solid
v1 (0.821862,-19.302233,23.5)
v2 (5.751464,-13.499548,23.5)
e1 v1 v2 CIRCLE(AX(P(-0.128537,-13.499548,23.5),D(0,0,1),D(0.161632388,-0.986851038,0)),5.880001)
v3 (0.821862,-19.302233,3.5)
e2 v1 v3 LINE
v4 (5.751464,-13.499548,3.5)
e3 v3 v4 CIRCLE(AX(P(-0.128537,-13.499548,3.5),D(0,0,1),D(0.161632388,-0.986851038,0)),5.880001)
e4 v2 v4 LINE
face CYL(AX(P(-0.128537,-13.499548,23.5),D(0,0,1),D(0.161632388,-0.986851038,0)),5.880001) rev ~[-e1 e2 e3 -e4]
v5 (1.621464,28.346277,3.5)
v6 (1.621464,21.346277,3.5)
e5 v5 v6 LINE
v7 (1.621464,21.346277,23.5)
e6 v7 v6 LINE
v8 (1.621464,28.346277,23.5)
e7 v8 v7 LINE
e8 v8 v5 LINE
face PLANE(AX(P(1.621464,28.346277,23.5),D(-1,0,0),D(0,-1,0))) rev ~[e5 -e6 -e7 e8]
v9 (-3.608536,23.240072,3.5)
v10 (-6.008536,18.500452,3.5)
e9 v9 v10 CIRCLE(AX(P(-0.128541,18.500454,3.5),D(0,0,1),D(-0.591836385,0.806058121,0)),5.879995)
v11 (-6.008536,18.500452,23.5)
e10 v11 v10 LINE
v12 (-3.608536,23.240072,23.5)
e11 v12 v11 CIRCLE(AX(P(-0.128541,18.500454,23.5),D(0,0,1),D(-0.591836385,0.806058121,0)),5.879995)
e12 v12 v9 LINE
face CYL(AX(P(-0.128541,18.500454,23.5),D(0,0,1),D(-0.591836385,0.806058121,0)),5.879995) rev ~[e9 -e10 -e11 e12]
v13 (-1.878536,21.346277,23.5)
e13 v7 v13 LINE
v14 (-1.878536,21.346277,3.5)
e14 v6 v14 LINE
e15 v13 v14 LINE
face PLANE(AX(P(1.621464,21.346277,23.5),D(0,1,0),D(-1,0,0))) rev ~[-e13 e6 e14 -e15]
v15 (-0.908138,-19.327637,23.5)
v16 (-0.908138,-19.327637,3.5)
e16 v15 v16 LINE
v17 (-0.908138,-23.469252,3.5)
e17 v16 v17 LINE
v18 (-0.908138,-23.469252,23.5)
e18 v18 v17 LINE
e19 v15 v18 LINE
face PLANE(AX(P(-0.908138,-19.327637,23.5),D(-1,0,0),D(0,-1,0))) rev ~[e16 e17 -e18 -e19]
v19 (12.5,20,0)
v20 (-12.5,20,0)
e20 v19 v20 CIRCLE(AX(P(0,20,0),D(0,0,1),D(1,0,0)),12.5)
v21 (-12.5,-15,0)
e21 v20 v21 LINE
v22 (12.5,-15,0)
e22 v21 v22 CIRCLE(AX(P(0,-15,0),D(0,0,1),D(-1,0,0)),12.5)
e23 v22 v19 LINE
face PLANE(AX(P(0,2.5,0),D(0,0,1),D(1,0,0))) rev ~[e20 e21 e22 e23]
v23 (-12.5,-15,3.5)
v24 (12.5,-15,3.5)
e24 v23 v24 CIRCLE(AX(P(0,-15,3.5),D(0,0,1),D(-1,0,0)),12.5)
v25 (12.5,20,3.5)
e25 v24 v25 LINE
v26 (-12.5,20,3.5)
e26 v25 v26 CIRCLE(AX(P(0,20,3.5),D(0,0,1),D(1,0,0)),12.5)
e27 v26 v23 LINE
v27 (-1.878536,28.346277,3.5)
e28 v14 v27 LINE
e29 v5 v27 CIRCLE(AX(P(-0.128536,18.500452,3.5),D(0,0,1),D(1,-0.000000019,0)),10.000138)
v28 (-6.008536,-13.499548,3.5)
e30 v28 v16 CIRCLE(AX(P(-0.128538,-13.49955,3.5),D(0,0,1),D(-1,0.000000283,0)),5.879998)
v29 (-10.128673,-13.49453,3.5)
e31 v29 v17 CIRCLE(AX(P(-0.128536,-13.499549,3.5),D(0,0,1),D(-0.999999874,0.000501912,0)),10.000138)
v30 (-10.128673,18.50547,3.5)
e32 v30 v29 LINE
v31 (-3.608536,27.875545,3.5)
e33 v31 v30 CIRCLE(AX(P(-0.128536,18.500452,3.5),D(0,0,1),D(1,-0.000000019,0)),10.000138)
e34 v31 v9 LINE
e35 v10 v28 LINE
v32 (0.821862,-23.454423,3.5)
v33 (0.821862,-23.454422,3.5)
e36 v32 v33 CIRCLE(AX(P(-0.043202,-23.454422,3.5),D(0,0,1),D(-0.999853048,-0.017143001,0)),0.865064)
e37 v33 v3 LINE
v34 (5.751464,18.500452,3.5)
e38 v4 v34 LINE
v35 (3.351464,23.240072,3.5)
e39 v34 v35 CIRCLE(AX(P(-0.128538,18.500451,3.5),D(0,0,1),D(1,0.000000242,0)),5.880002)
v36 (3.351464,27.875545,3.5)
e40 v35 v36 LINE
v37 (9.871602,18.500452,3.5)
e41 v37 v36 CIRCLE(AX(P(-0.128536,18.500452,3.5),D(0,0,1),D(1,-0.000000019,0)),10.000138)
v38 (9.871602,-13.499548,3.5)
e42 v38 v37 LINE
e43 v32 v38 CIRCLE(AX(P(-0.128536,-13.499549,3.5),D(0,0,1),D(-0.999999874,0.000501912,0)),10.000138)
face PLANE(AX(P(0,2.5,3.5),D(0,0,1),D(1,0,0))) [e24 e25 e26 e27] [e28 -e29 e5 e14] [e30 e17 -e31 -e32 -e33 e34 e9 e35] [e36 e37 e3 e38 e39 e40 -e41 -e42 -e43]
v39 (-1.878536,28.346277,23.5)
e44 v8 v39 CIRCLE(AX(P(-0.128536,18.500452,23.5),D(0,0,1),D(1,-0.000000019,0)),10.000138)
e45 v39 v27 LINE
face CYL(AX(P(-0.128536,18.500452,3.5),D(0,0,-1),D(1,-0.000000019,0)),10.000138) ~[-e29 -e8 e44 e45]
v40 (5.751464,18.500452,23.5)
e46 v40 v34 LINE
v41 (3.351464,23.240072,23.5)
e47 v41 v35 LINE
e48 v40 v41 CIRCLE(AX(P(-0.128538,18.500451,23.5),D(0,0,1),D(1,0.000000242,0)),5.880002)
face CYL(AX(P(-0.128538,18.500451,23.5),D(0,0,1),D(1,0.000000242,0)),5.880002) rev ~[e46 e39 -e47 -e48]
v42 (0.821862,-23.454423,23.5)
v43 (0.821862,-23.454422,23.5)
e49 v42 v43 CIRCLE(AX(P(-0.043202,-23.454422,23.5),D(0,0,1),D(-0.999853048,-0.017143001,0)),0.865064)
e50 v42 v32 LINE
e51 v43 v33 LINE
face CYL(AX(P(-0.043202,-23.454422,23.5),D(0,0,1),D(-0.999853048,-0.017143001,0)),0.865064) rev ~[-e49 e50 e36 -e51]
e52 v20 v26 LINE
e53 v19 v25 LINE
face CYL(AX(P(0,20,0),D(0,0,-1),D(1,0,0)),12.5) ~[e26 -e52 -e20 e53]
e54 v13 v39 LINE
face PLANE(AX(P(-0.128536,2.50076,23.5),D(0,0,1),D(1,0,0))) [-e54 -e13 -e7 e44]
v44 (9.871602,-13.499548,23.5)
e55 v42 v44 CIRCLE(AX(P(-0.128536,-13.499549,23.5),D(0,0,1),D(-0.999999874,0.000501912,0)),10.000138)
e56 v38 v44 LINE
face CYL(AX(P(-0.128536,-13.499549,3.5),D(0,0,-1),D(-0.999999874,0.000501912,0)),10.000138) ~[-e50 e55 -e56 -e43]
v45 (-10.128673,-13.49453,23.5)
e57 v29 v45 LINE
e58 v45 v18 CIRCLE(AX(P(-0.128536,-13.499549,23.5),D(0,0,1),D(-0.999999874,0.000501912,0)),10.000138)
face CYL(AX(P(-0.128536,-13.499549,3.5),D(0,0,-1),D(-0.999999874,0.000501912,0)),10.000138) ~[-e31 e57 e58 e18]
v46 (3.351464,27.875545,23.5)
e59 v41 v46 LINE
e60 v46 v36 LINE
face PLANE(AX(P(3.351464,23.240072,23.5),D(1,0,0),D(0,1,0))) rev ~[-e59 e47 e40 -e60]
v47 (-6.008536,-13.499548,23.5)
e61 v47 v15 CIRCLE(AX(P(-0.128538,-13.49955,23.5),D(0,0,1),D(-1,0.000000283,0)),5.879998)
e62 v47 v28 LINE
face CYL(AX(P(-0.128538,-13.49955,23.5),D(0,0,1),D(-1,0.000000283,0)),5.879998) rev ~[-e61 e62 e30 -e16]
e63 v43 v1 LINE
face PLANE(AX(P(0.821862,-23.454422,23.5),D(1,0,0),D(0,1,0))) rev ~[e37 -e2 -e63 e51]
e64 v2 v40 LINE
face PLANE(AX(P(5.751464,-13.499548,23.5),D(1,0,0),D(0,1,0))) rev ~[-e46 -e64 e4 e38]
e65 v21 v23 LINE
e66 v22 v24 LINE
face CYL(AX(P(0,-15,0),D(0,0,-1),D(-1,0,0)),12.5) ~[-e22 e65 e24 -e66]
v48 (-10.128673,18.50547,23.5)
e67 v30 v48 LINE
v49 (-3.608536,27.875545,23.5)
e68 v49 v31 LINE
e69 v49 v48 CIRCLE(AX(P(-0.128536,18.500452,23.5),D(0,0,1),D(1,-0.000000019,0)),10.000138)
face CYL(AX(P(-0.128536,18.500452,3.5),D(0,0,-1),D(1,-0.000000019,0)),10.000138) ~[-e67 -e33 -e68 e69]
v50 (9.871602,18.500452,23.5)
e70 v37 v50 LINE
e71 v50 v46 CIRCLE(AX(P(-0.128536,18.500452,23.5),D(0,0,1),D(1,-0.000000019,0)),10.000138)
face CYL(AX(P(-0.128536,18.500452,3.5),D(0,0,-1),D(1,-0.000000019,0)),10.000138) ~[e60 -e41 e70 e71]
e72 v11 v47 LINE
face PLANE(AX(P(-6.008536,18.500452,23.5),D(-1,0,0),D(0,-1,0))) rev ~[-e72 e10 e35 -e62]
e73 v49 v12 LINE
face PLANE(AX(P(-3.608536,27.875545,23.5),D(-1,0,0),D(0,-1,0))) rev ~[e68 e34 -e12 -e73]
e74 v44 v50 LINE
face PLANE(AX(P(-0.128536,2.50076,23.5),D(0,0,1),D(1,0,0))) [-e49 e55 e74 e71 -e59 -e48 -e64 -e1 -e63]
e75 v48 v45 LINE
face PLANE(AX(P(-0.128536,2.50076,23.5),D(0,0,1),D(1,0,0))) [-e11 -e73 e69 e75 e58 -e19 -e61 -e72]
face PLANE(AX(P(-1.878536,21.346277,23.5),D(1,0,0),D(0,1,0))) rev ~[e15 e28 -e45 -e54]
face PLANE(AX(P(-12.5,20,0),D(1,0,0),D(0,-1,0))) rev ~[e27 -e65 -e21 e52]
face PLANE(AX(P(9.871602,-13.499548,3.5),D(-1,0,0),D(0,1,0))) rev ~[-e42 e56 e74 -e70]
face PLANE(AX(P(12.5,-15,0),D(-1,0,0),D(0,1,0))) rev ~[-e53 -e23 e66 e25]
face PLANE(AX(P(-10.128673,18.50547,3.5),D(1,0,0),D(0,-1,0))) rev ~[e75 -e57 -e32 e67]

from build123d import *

# Parameters (mm, degrees)
F1_DEPTH = 3.5
F3_DEPTH = 20
F5_DEPTH = 20


with BuildPart() as f1:
    # F0 (on Top) → F1 (new body)
    with BuildSketch(Plane.XY):
        with BuildLine():
            ThreePointArc((12.5, 20), (0, 32.5), (-12.5, 20))
            Line((-12.5, 20), (-12.5, -15))
            ThreePointArc((-12.5, -15), (0, -27.5), (12.5, -15))
            Line((12.5, -15), (12.5, 20))
        make_face()
    extrude(amount=F1_DEPTH)

    # F2 (on face) → F3 (join)
    with BuildSketch(Plane.XY.offset(3.5)):
        with BuildLine():
            ThreePointArc((9.871602, 18.500452), (-0.126027, 28.50059), (-10.128673, 18.50547))
            Line((-10.128673, 18.50547), (-10.128673, -13.49453))
            ThreePointArc((-10.128673, -13.49453), (-0.131046, -23.499687), (9.871602, -13.499548))
            Line((9.871602, -13.499548), (9.871602, 18.500452))
        make_face()
    extrude(amount=F3_DEPTH)

    # F4 (on face) → F5 (cut)
    with BuildSketch(Plane.XY.offset(23.5)):
        with BuildLine():
            ThreePointArc((-3.608536, 23.240072), (-5.374335, 21.156765), (-6.008536, 18.500452))
            Line((-6.008536, 18.500452), (-6.008536, -13.499548))
            ThreePointArc((-6.008536, -13.499548), (-4.553379, -17.371908), (-0.908138, -19.327637))
            Line((-0.908138, -19.327637), (-0.908138, -23.469252))
            ThreePointArc((-0.908138, -23.469252), (-0.035787, -24.319454), (0.821862, -23.454422))
            Line((0.821862, -23.454422), (0.821862, -19.302233))
            ThreePointArc((0.821862, -19.302233), (4.352688, -17.30652), (5.751464, -13.499548))
            Line((5.751464, -13.499548), (5.751464, 18.500452))
            ThreePointArc((5.751464, 18.500452), (5.117262, 21.156765), (3.351464, 23.240072))
            Line((3.351464, 23.240072), (3.351464, 27.875545))
            ThreePointArc((3.351464, 27.875545), (2.584662, 28.471802), (1.621464, 28.346277))
            Line((1.621464, 28.346277), (1.621464, 21.346277))
            Line((1.621464, 21.346277), (-1.878536, 21.346277))
            Line((-1.878536, 21.346277), (-1.878536, 28.346277))
            ThreePointArc((-1.878536, 28.346277), (-2.816511, 28.379103), (-3.608536, 27.875545))
            Line((-3.608536, 27.875545), (-3.608536, 23.240072))
        make_face()
    extrude(amount=-F5_DEPTH, mode=Mode.SUBTRACT)


solid = f1.part
